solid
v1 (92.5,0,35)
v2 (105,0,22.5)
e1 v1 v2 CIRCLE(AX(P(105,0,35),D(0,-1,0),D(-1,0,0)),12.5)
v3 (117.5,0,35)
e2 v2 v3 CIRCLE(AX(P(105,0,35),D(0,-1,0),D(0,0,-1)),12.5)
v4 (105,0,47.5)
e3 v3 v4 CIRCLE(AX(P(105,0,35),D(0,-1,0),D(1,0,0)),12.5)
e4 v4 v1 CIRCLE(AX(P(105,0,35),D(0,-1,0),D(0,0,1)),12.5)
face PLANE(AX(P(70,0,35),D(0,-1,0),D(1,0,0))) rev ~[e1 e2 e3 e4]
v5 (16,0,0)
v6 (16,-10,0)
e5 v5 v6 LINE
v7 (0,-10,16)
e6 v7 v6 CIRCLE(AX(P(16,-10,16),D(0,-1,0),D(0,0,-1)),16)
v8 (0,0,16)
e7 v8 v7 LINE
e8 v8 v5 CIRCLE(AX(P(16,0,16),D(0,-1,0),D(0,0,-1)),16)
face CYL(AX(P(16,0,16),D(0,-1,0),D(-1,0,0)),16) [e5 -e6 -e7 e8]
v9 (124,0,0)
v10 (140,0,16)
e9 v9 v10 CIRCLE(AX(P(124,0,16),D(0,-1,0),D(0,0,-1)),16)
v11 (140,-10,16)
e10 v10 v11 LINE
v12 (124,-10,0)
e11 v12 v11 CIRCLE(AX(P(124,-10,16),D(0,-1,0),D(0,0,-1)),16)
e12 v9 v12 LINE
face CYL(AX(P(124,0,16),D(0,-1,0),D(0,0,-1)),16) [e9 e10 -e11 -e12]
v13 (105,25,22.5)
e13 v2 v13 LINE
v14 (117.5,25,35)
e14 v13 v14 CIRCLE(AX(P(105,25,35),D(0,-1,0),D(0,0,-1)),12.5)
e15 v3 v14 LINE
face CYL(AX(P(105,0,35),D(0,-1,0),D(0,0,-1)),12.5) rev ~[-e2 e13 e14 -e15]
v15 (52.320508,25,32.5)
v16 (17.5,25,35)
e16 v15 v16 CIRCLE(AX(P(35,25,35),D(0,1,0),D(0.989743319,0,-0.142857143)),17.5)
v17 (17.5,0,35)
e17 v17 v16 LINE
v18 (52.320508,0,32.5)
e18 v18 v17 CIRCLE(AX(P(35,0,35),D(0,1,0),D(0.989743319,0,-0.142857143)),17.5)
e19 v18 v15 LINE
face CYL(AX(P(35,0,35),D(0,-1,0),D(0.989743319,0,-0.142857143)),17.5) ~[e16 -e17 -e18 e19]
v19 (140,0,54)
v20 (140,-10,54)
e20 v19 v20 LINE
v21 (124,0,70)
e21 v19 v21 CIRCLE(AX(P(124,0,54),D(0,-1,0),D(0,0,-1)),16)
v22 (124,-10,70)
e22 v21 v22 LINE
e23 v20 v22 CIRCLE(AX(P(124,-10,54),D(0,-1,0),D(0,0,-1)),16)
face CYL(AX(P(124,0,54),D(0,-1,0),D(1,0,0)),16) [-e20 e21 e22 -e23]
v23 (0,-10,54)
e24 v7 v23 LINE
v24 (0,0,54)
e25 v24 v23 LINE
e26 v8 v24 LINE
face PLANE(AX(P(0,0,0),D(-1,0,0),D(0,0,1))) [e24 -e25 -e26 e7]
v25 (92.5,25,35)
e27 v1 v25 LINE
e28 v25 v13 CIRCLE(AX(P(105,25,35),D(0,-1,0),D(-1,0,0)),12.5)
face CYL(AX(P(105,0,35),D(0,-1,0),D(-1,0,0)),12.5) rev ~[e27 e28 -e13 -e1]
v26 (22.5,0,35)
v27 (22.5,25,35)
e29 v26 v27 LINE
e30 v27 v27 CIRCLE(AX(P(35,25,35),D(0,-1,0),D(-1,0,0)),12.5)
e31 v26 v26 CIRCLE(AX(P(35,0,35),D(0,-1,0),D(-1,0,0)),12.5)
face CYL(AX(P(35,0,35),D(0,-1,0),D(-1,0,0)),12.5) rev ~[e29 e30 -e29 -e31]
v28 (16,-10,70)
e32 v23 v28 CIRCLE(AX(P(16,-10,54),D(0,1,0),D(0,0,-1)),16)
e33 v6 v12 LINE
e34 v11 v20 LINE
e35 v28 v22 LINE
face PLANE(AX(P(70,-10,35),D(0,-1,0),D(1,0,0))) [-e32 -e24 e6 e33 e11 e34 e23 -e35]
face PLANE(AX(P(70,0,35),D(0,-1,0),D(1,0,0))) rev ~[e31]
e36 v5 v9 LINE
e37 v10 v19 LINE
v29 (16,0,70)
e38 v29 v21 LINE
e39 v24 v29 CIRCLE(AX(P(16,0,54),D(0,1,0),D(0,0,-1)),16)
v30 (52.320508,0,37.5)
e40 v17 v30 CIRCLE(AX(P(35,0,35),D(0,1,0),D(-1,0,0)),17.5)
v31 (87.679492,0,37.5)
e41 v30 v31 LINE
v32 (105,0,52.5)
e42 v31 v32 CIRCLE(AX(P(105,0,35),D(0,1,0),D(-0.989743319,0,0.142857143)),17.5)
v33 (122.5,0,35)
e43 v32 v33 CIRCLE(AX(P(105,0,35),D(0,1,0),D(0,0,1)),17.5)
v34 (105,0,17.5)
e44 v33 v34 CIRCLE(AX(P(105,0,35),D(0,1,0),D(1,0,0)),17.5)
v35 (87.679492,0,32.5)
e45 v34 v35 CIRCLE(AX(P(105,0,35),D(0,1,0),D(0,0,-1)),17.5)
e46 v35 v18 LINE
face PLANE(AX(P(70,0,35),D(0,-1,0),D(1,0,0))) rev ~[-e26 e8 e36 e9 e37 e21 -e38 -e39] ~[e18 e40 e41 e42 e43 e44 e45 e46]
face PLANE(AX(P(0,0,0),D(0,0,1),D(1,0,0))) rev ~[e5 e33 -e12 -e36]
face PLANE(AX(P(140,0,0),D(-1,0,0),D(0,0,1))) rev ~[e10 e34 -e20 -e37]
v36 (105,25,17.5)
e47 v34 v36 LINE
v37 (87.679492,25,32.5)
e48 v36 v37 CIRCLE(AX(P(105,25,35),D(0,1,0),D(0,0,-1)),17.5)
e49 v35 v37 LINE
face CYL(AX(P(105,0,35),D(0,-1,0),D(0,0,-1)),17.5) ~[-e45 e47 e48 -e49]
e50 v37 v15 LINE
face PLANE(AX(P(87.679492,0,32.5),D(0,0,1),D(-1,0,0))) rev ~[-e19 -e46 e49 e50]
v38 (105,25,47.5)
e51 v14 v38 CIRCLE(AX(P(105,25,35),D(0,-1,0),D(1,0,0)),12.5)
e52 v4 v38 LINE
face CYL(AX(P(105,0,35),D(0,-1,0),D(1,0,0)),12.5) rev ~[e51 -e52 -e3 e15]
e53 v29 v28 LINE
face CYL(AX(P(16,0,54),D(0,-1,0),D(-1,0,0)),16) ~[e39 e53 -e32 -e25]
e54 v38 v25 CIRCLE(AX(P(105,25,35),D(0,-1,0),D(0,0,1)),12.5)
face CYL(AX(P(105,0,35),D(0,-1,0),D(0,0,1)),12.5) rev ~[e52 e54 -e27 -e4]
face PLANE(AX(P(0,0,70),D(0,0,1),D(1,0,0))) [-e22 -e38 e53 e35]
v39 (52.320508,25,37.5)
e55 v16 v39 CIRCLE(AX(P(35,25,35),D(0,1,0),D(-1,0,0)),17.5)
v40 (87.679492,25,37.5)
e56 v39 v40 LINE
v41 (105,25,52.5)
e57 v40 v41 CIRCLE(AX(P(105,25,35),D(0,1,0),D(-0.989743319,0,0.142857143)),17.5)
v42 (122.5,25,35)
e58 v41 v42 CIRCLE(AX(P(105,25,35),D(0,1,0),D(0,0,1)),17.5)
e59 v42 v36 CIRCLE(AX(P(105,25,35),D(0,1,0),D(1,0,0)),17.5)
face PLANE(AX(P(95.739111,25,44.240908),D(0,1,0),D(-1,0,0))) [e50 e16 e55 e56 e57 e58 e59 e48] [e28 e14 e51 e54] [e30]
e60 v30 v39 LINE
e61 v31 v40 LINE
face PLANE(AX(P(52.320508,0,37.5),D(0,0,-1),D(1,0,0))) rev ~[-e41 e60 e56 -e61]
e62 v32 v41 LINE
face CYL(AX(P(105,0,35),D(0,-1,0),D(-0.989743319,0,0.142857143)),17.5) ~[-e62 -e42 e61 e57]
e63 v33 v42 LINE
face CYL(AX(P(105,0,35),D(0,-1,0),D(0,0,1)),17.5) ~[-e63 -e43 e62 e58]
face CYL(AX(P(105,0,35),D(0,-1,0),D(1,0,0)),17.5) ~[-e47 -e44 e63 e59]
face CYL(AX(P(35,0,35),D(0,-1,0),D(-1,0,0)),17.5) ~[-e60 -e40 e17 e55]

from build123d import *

# Parameters (mm, degrees)
F0_W     = 140
F0_H     = 70
F1_DEPTH = 10
F2_R     = 16
F4_DEPTH = 25


with BuildPart() as f1:
    # F0 (on Front) → F1 (new body)
    with BuildSketch(Plane.XZ):
        with Locations((70, 35)):
            Rectangle(F0_W, F0_H)
    extrude(amount=F1_DEPTH)

    # F2
    f2_edges = [f1.edges().sort_by_distance(p)[0] for p in [
        (0, -5, 0),
        (140, -5, 0),
        (140, -5, 70),
        (0, -5, 70),
    ]]
    fillet(f2_edges, radius=F2_R)

    # F3 (on face) → F4 (join)
    with BuildSketch(Plane(origin=(0, 0, 0), x_dir=(-1, 0, 0), z_dir=(0, 1, 0))):
        with BuildLine():
            ThreePointArc((-105, 47.5), (-96.1611652352, 43.8388347648), (-92.5, 35))
            Line((-92.5, 35), (-87.5, 35))
            ThreePointArc((-87.5, 35), (-87.5449306601, 36.2532175939), (-87.6794919243, 37.5))
            ThreePointArc((-87.6794919243, 37.5), (-93.5435607626, 48.2287565553), (-105, 52.5))
            Line((-105, 52.5), (-105, 47.5))
        make_face()
        with BuildLine():
            ThreePointArc((-117.5, 35), (-113.8388347648, 43.8388347648), (-105, 47.5))
            Line((-105, 47.5), (-105, 52.5))
            ThreePointArc((-105, 52.5), (-117.3743686708, 47.3743686708), (-122.5, 35))
            Line((-122.5, 35), (-117.5, 35))
        make_face()
        with BuildLine():
            Line((-105, 17.5), (-105, 22.5))
            ThreePointArc((-105, 22.5), (-113.8388347648, 26.1611652352), (-117.5, 35))
            Line((-117.5, 35), (-122.5, 35))
            ThreePointArc((-122.5, 35), (-117.3743686708, 22.6256313292), (-105, 17.5))
        make_face()
        with BuildLine():
            Line((-87.5, 35), (-92.5, 35))
            ThreePointArc((-92.5, 35), (-96.1611652352, 26.1611652352), (-105, 22.5))
            Line((-105, 22.5), (-105, 17.5))
            ThreePointArc((-105, 17.5), (-93.5435607626, 21.7712434447), (-87.6794919243, 32.5))
            ThreePointArc((-87.6794919243, 32.5), (-87.5449306601, 33.7467824061), (-87.5, 35))
        make_face()
        with BuildLine():
            ThreePointArc((-52.3205080757, 37.5), (-52.4550693399, 36.2532175939), (-52.5, 35))
            Line((-52.5, 35), (-47.5, 35))
            ThreePointArc((-47.5, 35), (-35, 47.5), (-22.5, 35))
            Line((-22.5, 35), (-17.5, 35))
            ThreePointArc((-17.5, 35), (-33.7467824061, 52.4550693399), (-52.3205080757, 37.5))
        make_face()
        with BuildLine():
            Line((-47.5, 35), (-52.5, 35))
            ThreePointArc((-52.5, 35), (-52.4550693399, 33.7467824061), (-52.3205080757, 32.5))
            ThreePointArc((-52.3205080757, 32.5), (-33.7467824061, 17.5449306601), (-17.5, 35))
            Line((-17.5, 35), (-22.5, 35))
            ThreePointArc((-22.5, 35), (-35, 22.5), (-47.5, 35))
        make_face()
        with BuildLine():
            ThreePointArc((-87.6794919243, 37.5), (-87.5449306601, 36.2532175939), (-87.5, 35))
            Line((-87.5, 35), (-52.5, 35))
            ThreePointArc((-52.5, 35), (-52.4550693399, 36.2532175939), (-52.3205080757, 37.5))
            Line((-52.3205080757, 37.5), (-70, 37.5))
            Line((-70, 37.5), (-87.6794919243, 37.5))
        make_face()
        with BuildLine():
            Line((-52.5, 35), (-87.5, 35))
            ThreePointArc((-87.5, 35), (-87.5449306601, 33.7467824061), (-87.6794919243, 32.5))
            Line((-87.6794919243, 32.5), (-70, 32.5))
            Line((-70, 32.5), (-52.3205080757, 32.5))
            ThreePointArc((-52.3205080757, 32.5), (-52.4550693399, 33.7467824061), (-52.5, 35))
        make_face()
    extrude(amount=F4_DEPTH)


solid = f1.part
